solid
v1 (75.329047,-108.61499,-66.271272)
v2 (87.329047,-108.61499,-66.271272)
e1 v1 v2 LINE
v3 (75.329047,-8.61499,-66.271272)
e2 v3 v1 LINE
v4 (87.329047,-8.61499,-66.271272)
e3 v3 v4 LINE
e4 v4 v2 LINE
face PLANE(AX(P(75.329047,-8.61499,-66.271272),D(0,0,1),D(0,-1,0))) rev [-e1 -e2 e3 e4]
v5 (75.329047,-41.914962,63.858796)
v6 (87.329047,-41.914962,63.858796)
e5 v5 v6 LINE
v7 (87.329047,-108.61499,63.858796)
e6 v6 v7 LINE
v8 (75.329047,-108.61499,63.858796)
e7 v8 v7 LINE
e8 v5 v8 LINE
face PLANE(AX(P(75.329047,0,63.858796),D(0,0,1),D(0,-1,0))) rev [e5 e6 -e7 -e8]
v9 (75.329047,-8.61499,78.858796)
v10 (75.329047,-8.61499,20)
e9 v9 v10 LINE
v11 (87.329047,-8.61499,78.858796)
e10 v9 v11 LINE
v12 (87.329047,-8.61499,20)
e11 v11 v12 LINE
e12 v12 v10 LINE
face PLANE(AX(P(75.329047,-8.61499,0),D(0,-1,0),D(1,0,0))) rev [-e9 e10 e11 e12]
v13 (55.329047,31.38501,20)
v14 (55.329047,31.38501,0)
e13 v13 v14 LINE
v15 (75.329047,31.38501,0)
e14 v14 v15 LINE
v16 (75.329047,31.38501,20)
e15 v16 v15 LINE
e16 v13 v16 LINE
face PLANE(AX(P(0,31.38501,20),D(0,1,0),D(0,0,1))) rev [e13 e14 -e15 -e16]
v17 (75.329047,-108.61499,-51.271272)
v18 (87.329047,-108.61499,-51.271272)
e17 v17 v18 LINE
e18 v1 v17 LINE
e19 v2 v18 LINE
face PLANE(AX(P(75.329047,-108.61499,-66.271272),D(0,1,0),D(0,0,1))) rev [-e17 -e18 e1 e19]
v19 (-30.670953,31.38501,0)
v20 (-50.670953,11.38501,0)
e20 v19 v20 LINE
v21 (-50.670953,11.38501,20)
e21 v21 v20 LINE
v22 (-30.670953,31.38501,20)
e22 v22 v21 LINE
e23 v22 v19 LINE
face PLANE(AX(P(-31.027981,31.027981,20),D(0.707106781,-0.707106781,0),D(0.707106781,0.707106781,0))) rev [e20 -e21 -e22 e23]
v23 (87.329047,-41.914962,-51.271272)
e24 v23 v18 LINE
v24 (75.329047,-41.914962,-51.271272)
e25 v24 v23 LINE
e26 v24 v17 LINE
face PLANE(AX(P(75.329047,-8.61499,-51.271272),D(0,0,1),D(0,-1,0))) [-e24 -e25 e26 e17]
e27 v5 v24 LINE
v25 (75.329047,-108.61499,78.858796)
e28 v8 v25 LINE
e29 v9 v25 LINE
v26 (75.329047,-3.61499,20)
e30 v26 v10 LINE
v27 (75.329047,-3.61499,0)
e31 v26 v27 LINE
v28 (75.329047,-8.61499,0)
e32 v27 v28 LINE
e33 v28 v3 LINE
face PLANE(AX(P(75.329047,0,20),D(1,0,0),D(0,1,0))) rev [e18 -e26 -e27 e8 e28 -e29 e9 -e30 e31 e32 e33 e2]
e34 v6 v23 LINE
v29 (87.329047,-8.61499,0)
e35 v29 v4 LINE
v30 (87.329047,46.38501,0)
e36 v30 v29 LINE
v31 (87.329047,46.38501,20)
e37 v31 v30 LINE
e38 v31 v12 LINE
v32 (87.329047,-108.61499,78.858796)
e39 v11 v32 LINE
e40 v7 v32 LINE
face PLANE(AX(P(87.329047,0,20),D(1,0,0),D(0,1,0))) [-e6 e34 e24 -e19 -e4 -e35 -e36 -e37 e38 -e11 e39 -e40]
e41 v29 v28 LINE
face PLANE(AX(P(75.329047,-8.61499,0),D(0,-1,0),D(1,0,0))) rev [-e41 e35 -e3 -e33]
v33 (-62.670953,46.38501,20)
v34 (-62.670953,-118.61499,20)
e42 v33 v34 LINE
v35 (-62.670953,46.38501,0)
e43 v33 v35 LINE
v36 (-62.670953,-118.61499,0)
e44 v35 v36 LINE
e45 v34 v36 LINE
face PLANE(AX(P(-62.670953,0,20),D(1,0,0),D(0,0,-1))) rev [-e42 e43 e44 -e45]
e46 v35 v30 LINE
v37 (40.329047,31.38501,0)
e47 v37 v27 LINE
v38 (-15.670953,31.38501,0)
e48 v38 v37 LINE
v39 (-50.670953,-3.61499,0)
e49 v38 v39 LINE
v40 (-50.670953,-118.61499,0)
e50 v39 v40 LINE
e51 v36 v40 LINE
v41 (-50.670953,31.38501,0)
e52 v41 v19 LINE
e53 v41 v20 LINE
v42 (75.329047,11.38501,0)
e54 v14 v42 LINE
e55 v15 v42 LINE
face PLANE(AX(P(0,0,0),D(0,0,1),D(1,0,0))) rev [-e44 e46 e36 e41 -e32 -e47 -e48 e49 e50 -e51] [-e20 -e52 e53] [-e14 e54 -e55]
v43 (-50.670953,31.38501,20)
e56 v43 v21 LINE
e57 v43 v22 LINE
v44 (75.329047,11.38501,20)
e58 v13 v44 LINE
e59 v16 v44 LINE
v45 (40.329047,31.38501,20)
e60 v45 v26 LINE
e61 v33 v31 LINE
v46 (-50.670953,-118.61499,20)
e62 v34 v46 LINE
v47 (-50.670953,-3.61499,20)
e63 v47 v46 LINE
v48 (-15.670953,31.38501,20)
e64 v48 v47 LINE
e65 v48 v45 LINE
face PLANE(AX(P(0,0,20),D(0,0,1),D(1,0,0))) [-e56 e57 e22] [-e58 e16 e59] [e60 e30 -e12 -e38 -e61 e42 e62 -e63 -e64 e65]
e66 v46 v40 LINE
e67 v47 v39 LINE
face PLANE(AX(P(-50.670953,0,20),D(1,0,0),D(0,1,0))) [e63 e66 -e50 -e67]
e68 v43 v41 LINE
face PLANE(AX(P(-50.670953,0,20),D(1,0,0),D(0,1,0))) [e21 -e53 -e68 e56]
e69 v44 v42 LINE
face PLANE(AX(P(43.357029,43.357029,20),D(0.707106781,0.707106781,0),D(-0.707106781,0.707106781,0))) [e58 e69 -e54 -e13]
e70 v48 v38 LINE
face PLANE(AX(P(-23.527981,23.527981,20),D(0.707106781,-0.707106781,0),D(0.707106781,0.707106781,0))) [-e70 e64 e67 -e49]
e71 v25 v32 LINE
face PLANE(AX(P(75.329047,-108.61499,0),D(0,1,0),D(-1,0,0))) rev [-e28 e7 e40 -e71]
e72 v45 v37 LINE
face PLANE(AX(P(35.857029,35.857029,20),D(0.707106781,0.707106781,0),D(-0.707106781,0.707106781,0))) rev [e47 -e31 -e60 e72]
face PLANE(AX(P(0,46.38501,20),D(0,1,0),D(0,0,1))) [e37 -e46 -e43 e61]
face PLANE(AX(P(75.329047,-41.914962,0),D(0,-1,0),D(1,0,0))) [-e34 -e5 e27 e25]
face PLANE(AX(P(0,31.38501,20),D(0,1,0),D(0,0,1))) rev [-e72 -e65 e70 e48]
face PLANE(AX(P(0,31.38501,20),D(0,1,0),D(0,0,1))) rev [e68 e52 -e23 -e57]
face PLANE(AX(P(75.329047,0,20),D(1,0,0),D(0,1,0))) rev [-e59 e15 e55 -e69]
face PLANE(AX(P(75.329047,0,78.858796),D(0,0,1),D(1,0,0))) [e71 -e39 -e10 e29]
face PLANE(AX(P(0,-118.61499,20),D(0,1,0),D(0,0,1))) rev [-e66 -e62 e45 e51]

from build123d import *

# Parameters (mm, degrees)
BOSS_EXTRUDE2_DEPTH = 20
SKETCH2_W           = 15
SKETCH2_H           = 100
BOSS_EXTRUDE3_DEPTH = 12


with BuildPart() as part:
    # Sketch1 → Boss-Extrude2 (new body)
    with BuildSketch(Plane.XY):
        Polygon((87.329047187, 46.385009916), (-62.670952813, 46.385009916), (-62.670952813, -118.614990084), (-50.670952813, -118.614990084), (-50.670952813, -3.614990084), (-15.670952813, 31.385009916), (40.329047187, 31.385009916), (75.329047187, -3.614990084), (75.329047187, -8.614990084), (87.329047187, -8.614990084), align=None)
        Polygon((75.329047187, 11.385009916), (55.329047187, 31.385009916), (75.329047187, 31.385009916), align=None, mode=Mode.SUBTRACT)
        Polygon((-50.670952813, 31.385009916), (-30.670952813, 31.385009916), (-50.670952813, 11.385009916), align=None, mode=Mode.SUBTRACT)
    extrude(amount=BOSS_EXTRUDE2_DEPTH)

    # Sketch2 → Boss-Extrude3 (add)
    with BuildSketch(Plane(origin=(87.329047187, 0, 0), x_dir=(0, 0, -1), z_dir=(1, 0, 0))):
        Polygon((-20, -8.614990084), (-63.858795675, -8.614990084), (-63.858795675, -41.914961686), (51.271272263, -41.914961686), (51.271272263, -8.614990084), (0, -8.614990084), align=None)
        Polygon((-63.858795675, -41.914961686), (-63.858795675, -8.614990084), (-78.858795675, -8.614990084), (-78.858795675, -108.614990084), (-63.858795675, -108.614990084), align=None)
        with Locations((58.771272263, -58.614990084)):
            Rectangle(SKETCH2_W, SKETCH2_H)
    extrude(amount=-BOSS_EXTRUDE3_DEPTH)


solid = part.part
